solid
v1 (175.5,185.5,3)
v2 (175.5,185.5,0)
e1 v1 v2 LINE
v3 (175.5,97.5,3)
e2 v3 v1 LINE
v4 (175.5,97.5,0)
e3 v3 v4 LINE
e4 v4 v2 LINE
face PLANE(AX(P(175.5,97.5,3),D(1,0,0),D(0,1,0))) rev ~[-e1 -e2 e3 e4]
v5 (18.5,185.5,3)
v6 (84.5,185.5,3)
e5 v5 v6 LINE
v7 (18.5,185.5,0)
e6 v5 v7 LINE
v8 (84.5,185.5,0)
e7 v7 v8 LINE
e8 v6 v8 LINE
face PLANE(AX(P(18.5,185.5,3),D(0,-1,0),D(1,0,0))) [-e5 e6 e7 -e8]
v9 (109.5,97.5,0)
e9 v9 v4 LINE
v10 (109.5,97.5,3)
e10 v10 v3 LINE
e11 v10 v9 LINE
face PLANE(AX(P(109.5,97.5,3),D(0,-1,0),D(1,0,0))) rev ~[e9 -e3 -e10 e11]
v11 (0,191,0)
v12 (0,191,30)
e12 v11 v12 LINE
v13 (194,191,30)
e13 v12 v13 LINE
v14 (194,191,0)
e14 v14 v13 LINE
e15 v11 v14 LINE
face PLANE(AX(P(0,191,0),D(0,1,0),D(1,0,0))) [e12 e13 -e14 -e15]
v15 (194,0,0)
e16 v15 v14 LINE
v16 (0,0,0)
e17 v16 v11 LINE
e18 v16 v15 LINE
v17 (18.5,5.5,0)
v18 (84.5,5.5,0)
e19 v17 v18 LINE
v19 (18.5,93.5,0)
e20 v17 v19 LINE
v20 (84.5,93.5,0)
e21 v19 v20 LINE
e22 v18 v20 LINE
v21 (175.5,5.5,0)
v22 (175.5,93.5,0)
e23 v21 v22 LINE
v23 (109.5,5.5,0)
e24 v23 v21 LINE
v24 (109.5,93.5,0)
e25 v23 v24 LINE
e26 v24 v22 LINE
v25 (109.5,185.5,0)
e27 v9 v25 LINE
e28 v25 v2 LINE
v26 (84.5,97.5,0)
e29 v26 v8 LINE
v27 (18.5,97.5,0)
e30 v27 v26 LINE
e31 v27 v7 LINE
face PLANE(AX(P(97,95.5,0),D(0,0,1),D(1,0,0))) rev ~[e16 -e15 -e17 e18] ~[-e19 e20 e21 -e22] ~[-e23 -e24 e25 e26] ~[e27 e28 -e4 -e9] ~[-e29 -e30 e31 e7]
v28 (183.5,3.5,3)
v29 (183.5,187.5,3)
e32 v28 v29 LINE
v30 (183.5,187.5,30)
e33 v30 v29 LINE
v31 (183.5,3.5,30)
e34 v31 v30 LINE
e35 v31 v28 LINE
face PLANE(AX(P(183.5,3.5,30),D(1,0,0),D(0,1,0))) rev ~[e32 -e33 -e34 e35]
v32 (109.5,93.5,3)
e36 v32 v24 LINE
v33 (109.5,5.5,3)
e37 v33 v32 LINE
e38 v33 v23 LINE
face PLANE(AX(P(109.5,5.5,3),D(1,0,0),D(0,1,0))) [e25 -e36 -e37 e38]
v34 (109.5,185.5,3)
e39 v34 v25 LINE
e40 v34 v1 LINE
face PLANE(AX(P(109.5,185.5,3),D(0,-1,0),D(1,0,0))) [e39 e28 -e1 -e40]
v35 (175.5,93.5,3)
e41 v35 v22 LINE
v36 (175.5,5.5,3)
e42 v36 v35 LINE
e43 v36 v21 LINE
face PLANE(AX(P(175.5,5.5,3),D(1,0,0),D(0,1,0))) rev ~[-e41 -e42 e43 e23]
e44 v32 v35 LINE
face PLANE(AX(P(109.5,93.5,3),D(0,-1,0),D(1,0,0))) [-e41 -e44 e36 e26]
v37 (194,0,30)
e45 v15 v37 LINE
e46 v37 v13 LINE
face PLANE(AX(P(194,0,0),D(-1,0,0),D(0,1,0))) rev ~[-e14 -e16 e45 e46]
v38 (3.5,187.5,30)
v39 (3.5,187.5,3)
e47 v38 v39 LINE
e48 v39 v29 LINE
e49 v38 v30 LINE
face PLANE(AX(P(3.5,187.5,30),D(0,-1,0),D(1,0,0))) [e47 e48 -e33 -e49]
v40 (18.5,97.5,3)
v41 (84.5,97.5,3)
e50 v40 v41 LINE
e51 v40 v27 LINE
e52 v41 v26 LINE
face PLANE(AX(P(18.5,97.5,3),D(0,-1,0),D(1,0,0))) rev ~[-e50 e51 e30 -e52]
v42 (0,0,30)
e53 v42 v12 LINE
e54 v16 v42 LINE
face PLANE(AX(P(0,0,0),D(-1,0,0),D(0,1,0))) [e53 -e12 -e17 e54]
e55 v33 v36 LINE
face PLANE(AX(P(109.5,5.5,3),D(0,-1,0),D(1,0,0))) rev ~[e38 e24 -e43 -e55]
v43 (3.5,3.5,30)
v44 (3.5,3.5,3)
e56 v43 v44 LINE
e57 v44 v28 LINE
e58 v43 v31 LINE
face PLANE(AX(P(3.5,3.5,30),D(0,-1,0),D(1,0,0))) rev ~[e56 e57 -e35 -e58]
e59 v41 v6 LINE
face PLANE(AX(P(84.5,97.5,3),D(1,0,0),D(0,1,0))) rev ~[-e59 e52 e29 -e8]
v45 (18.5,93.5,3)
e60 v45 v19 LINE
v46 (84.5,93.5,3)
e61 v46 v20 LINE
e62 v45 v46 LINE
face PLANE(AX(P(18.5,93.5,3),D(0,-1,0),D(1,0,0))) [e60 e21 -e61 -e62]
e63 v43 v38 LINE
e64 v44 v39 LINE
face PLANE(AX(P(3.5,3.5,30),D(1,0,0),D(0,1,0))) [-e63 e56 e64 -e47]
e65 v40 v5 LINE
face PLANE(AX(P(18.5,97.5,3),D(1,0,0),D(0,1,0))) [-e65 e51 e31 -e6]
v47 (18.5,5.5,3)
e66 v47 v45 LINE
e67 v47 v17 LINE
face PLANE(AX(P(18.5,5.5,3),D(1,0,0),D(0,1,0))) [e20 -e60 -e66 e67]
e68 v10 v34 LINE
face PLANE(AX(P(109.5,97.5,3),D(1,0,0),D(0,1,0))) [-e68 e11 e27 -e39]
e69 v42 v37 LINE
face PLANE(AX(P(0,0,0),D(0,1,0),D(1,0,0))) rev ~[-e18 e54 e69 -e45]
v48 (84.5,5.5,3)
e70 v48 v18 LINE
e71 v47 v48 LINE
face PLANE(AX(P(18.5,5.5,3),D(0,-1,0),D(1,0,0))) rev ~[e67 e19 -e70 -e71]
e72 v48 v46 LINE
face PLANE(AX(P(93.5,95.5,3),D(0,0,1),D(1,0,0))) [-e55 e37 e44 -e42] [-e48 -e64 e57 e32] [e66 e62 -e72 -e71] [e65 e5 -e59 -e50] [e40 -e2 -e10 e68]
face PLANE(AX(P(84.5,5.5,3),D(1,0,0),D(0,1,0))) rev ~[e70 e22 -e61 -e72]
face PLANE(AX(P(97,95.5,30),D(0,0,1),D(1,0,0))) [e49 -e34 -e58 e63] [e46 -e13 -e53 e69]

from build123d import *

# Parameters (mm, degrees)
SKETCH_W                        = 194
SKETCH_H                        = 191
PAD_DEPTH                       = 30
SKETCH001_W                     = 180
SKETCH001_H                     = 184
POCKET_DEPTH                    = 27
SKETCH002_W                     = 66
SKETCH002_H                     = 88
POCKET001_DEPTH                 = 5
SKETCH002_LINEARPATTERN_2_W     = 66
SKETCH002_LINEARPATTERN_2_H     = 88
POCKET001_LINEARPATTERN_2_DEPTH = 5
LINEARPATTERN001_COUNT          = 2
LINEARPATTERN001_PITCH          = 92


with BuildPart() as part:
    # Sketch → Pad (new body)
    with BuildSketch(Plane.XY):
        with Locations((97, 95.5)):
            Rectangle(SKETCH_W, SKETCH_H)
    extrude(amount=PAD_DEPTH)

    # Sketch001 (on Face6 of Pad) → Pocket (cut)
    with BuildSketch(Plane.XY.offset(30)):
        with Locations((93.5, 95.5)):
            Rectangle(SKETCH001_W, SKETCH001_H)
    extrude(amount=-POCKET_DEPTH, mode=Mode.SUBTRACT)

    # Sketch002 (on Face11 of Pocket) → Pocket001 (cut)
    with BuildSketch(Plane.XY.offset(3)):
        with Locations((51.5, 141.5)):
            Rectangle(SKETCH002_W, SKETCH002_H)
    pocket001 = extrude(amount=-POCKET001_DEPTH, mode=Mode.SUBTRACT)

    # Sketch002 LinearPattern 2 → Pocket001 LinearPattern 2 (cut)
    with BuildSketch(Plane(origin=(91, 0, 3), x_dir=(1, 0, 0), z_dir=(0, 0, 1))):
        with Locations((51.5, 141.5)):
            Rectangle(SKETCH002_LINEARPATTERN_2_W, SKETCH002_LINEARPATTERN_2_H)
    pocket001_linearpattern_2 = extrude(amount=-POCKET001_LINEARPATTERN_2_DEPTH, mode=Mode.SUBTRACT)

    # LinearPattern001: Pocket001, Pocket001 LinearPattern 2 ×2
    with Locations(*[(0, -i * LINEARPATTERN001_PITCH, 0) for i in range(1, LINEARPATTERN001_COUNT)]):
        add(pocket001, mode=Mode.SUBTRACT)
        add(pocket001_linearpattern_2, mode=Mode.SUBTRACT)


solid = part.part
